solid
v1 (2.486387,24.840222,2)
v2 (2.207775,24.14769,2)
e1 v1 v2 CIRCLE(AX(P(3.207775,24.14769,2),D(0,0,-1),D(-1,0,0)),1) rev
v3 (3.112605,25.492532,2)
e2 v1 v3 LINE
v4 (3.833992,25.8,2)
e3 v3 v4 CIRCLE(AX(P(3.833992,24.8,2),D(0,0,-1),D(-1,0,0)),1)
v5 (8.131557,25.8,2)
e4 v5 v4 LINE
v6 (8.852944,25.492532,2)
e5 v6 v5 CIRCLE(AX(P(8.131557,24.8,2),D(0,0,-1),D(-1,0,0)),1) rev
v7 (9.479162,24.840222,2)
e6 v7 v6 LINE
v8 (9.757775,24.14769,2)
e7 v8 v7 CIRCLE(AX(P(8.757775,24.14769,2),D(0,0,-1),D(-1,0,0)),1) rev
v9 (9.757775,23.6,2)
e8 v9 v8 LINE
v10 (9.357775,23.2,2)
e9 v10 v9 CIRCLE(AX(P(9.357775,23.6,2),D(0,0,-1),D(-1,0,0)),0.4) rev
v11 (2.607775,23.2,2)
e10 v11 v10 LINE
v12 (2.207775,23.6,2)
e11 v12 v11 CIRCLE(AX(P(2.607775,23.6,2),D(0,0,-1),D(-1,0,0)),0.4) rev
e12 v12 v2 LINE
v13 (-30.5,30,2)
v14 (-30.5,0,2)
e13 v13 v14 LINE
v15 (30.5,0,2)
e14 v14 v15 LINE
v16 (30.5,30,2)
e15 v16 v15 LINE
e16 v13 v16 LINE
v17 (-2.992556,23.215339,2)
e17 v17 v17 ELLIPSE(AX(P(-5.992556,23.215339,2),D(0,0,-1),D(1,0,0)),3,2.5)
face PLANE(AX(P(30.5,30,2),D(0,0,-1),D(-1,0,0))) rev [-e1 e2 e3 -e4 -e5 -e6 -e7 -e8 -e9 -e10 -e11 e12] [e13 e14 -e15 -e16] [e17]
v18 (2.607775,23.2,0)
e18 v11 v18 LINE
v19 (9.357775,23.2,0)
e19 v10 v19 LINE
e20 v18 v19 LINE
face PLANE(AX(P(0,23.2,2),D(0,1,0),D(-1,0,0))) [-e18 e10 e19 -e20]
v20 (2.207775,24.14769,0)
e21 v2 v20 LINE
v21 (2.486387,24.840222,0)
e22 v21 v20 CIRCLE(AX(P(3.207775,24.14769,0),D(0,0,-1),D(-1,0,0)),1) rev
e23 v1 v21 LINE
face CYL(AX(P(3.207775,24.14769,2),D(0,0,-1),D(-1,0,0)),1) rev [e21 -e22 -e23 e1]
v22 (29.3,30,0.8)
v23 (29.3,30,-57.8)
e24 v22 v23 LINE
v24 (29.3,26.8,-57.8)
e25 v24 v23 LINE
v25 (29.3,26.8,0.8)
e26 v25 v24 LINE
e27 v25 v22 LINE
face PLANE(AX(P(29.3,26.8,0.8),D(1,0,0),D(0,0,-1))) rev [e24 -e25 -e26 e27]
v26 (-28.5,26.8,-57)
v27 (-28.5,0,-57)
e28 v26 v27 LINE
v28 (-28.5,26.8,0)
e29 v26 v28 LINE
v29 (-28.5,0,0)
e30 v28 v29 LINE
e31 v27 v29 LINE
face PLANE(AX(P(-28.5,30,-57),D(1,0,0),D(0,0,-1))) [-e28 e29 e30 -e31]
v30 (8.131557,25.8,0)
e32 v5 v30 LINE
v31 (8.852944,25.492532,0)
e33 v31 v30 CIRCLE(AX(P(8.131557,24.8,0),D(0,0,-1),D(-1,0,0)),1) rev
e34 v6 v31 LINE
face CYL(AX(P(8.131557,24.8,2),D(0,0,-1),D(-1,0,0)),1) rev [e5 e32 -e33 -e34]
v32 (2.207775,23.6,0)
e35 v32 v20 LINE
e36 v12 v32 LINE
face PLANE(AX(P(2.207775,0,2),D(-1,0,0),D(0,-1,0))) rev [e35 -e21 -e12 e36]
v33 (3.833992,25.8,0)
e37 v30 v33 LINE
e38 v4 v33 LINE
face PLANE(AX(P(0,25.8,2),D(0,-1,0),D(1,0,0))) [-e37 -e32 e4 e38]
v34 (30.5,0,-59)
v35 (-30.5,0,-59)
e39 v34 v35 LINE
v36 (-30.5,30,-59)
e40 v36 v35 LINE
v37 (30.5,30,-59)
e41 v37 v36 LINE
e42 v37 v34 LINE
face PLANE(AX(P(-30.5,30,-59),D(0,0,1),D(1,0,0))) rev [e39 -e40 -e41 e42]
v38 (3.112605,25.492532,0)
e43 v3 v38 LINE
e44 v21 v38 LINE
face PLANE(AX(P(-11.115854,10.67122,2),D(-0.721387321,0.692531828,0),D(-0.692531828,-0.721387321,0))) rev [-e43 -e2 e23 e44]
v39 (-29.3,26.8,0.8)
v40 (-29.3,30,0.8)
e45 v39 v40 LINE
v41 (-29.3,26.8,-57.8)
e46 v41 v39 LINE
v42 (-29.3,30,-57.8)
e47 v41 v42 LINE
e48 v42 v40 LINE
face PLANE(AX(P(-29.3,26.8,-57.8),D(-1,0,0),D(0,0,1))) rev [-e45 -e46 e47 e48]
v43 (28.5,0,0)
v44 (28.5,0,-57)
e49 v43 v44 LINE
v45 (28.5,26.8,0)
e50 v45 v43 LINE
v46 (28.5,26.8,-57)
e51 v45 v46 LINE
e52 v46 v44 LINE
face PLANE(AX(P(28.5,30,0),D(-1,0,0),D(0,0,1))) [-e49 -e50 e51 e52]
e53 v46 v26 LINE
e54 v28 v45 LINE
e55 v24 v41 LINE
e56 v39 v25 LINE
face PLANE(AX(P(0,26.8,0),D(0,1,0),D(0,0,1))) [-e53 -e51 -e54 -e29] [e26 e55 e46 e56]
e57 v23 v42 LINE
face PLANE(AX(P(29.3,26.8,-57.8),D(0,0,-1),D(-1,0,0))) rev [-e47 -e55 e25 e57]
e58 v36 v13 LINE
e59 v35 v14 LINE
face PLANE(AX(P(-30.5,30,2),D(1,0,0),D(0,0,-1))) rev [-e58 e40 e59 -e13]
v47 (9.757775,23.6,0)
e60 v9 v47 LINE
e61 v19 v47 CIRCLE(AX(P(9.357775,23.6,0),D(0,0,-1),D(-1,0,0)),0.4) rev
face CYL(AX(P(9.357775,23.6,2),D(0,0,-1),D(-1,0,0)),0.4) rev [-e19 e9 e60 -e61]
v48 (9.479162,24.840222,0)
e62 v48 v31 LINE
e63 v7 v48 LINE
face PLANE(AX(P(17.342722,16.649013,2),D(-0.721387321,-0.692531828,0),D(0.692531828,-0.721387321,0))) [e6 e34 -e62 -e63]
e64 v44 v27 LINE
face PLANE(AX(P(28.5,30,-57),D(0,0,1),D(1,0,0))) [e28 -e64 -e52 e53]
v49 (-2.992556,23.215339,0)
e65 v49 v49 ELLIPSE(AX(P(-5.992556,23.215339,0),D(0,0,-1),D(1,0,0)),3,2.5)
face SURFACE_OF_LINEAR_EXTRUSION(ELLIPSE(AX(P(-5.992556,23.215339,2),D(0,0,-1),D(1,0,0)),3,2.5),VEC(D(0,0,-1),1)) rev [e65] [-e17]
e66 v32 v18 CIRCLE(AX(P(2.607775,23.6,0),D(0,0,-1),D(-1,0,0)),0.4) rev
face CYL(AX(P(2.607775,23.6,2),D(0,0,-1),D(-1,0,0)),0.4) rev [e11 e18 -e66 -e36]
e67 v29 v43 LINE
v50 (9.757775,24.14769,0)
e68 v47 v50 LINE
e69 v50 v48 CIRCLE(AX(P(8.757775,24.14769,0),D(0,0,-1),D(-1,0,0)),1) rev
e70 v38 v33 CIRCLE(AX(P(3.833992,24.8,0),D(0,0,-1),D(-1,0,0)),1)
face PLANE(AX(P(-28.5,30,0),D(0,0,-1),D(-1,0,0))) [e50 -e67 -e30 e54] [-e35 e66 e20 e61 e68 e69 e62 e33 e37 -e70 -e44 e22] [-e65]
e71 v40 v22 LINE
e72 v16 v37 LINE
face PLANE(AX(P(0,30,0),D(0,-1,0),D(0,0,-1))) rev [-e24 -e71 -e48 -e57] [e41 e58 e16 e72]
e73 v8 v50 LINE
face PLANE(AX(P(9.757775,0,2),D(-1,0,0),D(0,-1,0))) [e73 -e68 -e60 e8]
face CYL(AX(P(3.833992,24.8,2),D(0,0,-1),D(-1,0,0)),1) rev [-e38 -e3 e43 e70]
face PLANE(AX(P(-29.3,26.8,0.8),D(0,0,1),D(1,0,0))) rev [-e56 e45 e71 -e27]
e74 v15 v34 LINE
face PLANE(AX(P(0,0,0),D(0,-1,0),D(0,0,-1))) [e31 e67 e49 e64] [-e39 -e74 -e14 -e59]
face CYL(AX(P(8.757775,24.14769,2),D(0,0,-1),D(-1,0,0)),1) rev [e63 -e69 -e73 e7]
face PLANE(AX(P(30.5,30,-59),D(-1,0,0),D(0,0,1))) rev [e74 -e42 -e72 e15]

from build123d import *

# Parameters (mm, degrees)
SKETCH1_W           = 61
SKETCH1_H           = 61
SKETCH1_W_2         = 57
SKETCH1_H_2         = 57
BOSS_EXTRUDE2_DEPTH = 30
SKETCH2_W           = 58.6
SKETCH2_H           = 58.6
CUT_EXTRUDE1_DEPTH  = 3.2
SKETCH4_RX          = 3
SKETCH4_RY          = 2.5
CUT_EXTRUDE2_DEPTH  = 73.878323252


with BuildPart() as part:
    # Sketch1 → Boss-Extrude2 (new body)
    with BuildSketch(Plane(origin=(0, 0, 0), x_dir=(1, 0, 0), z_dir=(0, 1, 0))):
        with Locations((0, 28.5)):
            Rectangle(SKETCH1_W, SKETCH1_H)
        with Locations((0, 28.5)):
            Rectangle(SKETCH1_W_2, SKETCH1_H_2, mode=Mode.SUBTRACT)
    extrude(amount=BOSS_EXTRUDE2_DEPTH)

    # Sketch2 → Cut-Extrude1 (cut)
    with BuildSketch(Plane(origin=(0, 30, 0), x_dir=(1, 0, 0), z_dir=(0, 1, 0))):
        with Locations((0, 28.5)):
            Rectangle(SKETCH2_W, SKETCH2_H)
    extrude(amount=-CUT_EXTRUDE1_DEPTH, mode=Mode.SUBTRACT)

    # Sketch4 → Cut-Extrude2 (cut, through all)
    with BuildSketch(Plane(origin=(0, 0, 0), x_dir=(-1, 0, 0), z_dir=(0, 0, -1))):
        with BuildLine():
            Line((-5.98277454, 23.2), (-5.98277454, 25.8))
            Line((-5.98277454, 25.8), (-8.131556664, 25.8))
            ThreePointArc((-8.131556664, 25.8), (-8.523646049, 25.719927124), (-8.852943985, 25.492531828))
            Line((-8.852943985, 25.492531828), (-9.479161861, 24.840221541))
            ThreePointArc((-9.479161861, 24.840221541), (-9.685510311, 24.520927357), (-9.75777454, 24.147689712))
            Line((-9.75777454, 24.147689712), (-9.75777454, 23.6))
            ThreePointArc((-9.75777454, 23.6), (-9.640617252, 23.317157288), (-9.35777454, 23.2))
            Line((-9.35777454, 23.2), (-5.98277454, 23.2))
        make_face()
        with BuildLine():
            Line((-3.833992416, 25.8), (-5.98277454, 25.8))
            Line((-5.98277454, 25.8), (-5.98277454, 23.2))
            Line((-5.98277454, 23.2), (-2.60777454, 23.2))
            ThreePointArc((-2.60777454, 23.2), (-2.324931828, 23.317157288), (-2.20777454, 23.6))
            Line((-2.20777454, 23.6), (-2.20777454, 24.147689712))
            ThreePointArc((-2.20777454, 24.147689712), (-2.280038769, 24.520927357), (-2.486387219, 24.840221541))
            Line((-2.486387219, 24.840221541), (-3.112605095, 25.492531828))
            ThreePointArc((-3.112605095, 25.492531828), (-3.441903031, 25.719927124), (-3.833992416, 25.8))
        make_face()
        with Locations(Location((5.992555786, 23.215339324), (0, 0, 180))):
            Ellipse(SKETCH4_RX, SKETCH4_RY)
    extrude(amount=-CUT_EXTRUDE2_DEPTH, mode=Mode.SUBTRACT)


solid = part.part
